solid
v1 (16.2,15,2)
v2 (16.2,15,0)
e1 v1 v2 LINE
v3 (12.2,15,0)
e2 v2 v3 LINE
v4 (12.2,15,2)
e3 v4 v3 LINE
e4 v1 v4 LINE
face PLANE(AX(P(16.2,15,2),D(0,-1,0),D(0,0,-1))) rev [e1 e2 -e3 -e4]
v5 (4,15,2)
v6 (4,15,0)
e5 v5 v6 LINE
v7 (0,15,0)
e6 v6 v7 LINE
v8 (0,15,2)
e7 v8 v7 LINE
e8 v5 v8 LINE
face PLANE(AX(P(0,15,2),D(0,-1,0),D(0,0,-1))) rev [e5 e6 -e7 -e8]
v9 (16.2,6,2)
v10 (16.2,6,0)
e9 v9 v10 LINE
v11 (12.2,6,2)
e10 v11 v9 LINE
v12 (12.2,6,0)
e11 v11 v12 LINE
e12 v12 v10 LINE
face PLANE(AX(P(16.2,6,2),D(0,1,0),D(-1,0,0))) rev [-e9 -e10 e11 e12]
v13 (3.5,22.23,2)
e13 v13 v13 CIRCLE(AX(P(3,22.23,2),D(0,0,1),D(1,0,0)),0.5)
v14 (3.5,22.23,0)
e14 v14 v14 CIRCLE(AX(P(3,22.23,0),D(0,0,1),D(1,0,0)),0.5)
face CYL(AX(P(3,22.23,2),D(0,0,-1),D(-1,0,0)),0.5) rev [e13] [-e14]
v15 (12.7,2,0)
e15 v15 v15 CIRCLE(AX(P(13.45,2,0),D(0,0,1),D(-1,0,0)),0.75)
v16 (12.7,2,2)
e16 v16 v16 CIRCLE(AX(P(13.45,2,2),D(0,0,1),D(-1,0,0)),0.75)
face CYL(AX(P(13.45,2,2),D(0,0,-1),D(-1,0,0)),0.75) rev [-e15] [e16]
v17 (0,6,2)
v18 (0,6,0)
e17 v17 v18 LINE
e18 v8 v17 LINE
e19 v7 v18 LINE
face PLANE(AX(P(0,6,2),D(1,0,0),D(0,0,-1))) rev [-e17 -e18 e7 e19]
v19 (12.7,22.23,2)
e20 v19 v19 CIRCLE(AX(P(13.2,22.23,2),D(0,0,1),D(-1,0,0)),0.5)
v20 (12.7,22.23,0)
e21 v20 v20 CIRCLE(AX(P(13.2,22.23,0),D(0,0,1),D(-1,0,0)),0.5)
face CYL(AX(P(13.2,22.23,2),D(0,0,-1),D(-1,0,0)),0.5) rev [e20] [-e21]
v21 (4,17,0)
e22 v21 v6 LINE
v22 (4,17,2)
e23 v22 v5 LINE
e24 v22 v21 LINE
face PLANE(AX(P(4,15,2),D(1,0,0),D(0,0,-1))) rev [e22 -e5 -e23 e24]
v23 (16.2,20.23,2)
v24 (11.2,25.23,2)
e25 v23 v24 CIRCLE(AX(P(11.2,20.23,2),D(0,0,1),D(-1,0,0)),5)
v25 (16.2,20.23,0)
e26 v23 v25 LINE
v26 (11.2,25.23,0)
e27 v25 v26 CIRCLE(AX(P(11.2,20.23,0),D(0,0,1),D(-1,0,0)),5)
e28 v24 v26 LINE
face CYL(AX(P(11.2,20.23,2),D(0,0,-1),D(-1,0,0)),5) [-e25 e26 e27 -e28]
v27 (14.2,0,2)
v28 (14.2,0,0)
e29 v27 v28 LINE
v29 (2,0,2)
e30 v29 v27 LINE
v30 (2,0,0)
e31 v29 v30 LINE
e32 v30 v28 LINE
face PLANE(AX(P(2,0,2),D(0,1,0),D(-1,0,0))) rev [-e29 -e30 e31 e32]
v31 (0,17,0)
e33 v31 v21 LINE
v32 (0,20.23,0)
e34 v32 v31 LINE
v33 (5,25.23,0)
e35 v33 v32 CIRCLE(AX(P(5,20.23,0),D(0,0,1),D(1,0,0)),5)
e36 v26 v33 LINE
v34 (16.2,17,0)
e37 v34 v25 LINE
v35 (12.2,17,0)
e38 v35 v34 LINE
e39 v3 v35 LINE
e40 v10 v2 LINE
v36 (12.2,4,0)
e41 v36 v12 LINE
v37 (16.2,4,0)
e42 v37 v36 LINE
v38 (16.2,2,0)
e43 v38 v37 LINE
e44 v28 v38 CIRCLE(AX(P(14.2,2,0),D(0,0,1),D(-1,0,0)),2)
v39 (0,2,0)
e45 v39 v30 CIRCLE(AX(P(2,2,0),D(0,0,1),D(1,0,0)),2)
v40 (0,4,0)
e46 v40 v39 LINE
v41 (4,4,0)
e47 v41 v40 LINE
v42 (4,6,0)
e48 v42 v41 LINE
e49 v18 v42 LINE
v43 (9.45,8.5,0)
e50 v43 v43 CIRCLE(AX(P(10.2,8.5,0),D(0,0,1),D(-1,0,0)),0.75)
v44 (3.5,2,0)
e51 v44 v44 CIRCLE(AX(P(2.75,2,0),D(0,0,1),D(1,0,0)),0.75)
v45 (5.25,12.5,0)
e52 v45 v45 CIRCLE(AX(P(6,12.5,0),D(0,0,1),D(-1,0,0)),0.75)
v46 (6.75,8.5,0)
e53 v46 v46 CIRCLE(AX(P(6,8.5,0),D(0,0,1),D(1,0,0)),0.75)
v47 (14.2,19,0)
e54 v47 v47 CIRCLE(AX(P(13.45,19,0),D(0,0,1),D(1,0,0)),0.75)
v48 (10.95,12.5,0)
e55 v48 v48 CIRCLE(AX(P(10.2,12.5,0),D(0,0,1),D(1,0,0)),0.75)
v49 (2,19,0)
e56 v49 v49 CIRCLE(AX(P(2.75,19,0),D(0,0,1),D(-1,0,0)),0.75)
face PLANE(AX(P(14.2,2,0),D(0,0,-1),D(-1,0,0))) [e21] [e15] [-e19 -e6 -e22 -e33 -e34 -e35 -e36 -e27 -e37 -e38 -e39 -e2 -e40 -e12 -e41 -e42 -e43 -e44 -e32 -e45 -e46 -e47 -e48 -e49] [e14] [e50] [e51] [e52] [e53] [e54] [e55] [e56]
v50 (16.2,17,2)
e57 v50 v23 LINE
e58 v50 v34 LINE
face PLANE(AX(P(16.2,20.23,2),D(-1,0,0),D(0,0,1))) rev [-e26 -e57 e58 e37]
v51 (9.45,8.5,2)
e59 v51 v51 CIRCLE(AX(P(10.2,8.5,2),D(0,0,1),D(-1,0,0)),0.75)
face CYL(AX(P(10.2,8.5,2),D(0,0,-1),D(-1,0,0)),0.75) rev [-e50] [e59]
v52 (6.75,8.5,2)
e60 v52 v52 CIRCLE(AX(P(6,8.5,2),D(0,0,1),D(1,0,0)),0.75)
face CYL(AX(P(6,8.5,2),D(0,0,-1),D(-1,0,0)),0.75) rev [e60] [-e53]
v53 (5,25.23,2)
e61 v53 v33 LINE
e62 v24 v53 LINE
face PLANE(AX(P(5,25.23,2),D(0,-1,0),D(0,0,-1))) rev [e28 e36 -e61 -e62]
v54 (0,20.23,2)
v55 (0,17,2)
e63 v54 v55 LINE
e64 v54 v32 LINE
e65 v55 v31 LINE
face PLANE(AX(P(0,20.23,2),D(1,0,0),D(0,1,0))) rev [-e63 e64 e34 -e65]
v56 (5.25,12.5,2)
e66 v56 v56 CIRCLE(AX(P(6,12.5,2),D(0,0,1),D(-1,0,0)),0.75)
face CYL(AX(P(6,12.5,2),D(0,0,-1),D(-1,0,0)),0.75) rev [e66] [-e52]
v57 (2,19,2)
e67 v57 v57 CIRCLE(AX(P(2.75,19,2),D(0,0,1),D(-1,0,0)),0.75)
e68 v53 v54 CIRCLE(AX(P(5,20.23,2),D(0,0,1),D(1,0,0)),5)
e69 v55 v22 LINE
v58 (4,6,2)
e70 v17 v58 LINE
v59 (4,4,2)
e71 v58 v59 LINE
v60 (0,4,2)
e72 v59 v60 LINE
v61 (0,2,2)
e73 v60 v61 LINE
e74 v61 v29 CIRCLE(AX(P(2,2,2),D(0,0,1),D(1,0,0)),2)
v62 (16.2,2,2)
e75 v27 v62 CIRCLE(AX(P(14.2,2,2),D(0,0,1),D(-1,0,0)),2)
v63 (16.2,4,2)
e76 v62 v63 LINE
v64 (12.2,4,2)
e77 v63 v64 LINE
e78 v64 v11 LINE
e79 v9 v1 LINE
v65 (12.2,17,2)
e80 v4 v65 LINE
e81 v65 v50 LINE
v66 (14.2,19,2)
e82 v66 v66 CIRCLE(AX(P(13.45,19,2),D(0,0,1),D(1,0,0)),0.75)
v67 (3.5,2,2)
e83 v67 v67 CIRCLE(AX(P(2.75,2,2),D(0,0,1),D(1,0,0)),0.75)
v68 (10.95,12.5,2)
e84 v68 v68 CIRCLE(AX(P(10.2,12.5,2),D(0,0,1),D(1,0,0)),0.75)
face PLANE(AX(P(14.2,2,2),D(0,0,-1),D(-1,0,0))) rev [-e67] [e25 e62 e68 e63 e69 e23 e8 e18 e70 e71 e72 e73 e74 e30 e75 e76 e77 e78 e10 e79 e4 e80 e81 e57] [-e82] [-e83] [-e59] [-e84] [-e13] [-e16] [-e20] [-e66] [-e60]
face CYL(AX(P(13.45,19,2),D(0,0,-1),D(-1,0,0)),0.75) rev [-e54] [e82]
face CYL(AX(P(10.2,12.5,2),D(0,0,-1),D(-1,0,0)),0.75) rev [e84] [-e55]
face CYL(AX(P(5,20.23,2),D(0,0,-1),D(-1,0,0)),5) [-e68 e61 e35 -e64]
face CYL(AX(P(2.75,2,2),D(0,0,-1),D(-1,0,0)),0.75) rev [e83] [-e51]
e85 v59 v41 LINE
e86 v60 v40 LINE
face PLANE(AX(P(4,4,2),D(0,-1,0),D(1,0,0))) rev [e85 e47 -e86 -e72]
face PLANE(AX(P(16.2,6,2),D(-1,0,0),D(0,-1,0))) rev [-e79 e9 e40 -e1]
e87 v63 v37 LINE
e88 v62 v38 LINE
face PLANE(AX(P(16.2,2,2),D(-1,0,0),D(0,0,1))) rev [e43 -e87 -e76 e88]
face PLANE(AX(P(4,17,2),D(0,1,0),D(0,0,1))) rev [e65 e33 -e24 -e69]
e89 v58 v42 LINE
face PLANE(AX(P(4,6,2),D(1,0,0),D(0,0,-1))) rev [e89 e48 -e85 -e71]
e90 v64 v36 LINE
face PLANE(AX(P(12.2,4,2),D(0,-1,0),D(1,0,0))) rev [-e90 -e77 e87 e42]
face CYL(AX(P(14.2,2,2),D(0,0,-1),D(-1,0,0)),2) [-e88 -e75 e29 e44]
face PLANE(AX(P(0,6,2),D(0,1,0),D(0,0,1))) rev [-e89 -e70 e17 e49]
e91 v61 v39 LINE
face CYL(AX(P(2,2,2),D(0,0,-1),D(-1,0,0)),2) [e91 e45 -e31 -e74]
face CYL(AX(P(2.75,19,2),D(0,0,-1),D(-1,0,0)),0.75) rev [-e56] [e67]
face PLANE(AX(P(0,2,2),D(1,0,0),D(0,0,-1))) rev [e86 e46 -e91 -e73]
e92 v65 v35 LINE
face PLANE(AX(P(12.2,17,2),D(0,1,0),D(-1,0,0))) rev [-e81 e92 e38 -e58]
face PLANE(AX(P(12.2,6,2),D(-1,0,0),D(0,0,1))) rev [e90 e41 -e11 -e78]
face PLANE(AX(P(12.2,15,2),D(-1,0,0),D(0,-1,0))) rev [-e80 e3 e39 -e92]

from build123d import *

# Parameters (mm, degrees)
SKETCH1_R           = 0.75
SKETCH1_R_2         = 0.5
BOSS_EXTRUDE1_DEPTH = 2


with BuildPart() as part:
    # Sketch1 → Boss-Extrude1 (new body)
    with BuildSketch(Plane.XY):
        with BuildLine():
            Line((12.2, 4), (16.2, 4))
            Line((16.2, 4), (16.2, 2))
            ThreePointArc((16.2, 2), (15.614213562, 0.585786438), (14.2, 0))
            Line((14.2, 0), (2, 0))
            ThreePointArc((2, 0), (0.585786438, 0.585786438), (0, 2))
            Line((0, 2), (0, 4))
            Line((0, 4), (4, 4))
            Line((4, 4), (4, 6))
            Line((4, 6), (0, 6))
            Line((0, 6), (0, 15))
            Line((0, 15), (4, 15))
            Line((4, 15), (4, 17))
            Line((4, 17), (0, 17))
            Line((0, 17), (0, 20.23))
            ThreePointArc((0, 20.23), (1.464466094, 23.765533906), (5, 25.23))
            Line((5, 25.23), (11.2, 25.23))
            ThreePointArc((11.2, 25.23), (14.735533906, 23.765533906), (16.2, 20.23))
            Line((16.2, 20.23), (16.2, 17))
            Line((16.2, 17), (12.2, 17))
            Line((12.2, 17), (12.2, 15))
            Line((12.2, 15), (16.2, 15))
            Line((16.2, 15), (16.2, 6))
            Line((16.2, 6), (12.2, 6))
            Line((12.2, 6), (12.2, 4))
        make_face()
        with Locations((13.45, 2)):
            Circle(SKETCH1_R, mode=Mode.SUBTRACT)
        with Locations((13.2, 22.23)):
            Circle(SKETCH1_R_2, mode=Mode.SUBTRACT)
        with Locations((10.2, 8.5)):
            Circle(SKETCH1_R, mode=Mode.SUBTRACT)
        with Locations((13.45, 19)):
            Circle(SKETCH1_R, mode=Mode.SUBTRACT)
        with Locations((10.2, 12.5)):
            Circle(SKETCH1_R, mode=Mode.SUBTRACT)
        with Locations((6, 12.5)):
            Circle(SKETCH1_R, mode=Mode.SUBTRACT)
        with Locations((2.75, 19)):
            Circle(SKETCH1_R, mode=Mode.SUBTRACT)
        with Locations((6, 8.5)):
            Circle(SKETCH1_R, mode=Mode.SUBTRACT)
        with Locations((3, 22.23)):
            Circle(SKETCH1_R_2, mode=Mode.SUBTRACT)
        with Locations((2.75, 2)):
            Circle(SKETCH1_R, mode=Mode.SUBTRACT)
    extrude(amount=BOSS_EXTRUDE1_DEPTH)


solid = part.part
